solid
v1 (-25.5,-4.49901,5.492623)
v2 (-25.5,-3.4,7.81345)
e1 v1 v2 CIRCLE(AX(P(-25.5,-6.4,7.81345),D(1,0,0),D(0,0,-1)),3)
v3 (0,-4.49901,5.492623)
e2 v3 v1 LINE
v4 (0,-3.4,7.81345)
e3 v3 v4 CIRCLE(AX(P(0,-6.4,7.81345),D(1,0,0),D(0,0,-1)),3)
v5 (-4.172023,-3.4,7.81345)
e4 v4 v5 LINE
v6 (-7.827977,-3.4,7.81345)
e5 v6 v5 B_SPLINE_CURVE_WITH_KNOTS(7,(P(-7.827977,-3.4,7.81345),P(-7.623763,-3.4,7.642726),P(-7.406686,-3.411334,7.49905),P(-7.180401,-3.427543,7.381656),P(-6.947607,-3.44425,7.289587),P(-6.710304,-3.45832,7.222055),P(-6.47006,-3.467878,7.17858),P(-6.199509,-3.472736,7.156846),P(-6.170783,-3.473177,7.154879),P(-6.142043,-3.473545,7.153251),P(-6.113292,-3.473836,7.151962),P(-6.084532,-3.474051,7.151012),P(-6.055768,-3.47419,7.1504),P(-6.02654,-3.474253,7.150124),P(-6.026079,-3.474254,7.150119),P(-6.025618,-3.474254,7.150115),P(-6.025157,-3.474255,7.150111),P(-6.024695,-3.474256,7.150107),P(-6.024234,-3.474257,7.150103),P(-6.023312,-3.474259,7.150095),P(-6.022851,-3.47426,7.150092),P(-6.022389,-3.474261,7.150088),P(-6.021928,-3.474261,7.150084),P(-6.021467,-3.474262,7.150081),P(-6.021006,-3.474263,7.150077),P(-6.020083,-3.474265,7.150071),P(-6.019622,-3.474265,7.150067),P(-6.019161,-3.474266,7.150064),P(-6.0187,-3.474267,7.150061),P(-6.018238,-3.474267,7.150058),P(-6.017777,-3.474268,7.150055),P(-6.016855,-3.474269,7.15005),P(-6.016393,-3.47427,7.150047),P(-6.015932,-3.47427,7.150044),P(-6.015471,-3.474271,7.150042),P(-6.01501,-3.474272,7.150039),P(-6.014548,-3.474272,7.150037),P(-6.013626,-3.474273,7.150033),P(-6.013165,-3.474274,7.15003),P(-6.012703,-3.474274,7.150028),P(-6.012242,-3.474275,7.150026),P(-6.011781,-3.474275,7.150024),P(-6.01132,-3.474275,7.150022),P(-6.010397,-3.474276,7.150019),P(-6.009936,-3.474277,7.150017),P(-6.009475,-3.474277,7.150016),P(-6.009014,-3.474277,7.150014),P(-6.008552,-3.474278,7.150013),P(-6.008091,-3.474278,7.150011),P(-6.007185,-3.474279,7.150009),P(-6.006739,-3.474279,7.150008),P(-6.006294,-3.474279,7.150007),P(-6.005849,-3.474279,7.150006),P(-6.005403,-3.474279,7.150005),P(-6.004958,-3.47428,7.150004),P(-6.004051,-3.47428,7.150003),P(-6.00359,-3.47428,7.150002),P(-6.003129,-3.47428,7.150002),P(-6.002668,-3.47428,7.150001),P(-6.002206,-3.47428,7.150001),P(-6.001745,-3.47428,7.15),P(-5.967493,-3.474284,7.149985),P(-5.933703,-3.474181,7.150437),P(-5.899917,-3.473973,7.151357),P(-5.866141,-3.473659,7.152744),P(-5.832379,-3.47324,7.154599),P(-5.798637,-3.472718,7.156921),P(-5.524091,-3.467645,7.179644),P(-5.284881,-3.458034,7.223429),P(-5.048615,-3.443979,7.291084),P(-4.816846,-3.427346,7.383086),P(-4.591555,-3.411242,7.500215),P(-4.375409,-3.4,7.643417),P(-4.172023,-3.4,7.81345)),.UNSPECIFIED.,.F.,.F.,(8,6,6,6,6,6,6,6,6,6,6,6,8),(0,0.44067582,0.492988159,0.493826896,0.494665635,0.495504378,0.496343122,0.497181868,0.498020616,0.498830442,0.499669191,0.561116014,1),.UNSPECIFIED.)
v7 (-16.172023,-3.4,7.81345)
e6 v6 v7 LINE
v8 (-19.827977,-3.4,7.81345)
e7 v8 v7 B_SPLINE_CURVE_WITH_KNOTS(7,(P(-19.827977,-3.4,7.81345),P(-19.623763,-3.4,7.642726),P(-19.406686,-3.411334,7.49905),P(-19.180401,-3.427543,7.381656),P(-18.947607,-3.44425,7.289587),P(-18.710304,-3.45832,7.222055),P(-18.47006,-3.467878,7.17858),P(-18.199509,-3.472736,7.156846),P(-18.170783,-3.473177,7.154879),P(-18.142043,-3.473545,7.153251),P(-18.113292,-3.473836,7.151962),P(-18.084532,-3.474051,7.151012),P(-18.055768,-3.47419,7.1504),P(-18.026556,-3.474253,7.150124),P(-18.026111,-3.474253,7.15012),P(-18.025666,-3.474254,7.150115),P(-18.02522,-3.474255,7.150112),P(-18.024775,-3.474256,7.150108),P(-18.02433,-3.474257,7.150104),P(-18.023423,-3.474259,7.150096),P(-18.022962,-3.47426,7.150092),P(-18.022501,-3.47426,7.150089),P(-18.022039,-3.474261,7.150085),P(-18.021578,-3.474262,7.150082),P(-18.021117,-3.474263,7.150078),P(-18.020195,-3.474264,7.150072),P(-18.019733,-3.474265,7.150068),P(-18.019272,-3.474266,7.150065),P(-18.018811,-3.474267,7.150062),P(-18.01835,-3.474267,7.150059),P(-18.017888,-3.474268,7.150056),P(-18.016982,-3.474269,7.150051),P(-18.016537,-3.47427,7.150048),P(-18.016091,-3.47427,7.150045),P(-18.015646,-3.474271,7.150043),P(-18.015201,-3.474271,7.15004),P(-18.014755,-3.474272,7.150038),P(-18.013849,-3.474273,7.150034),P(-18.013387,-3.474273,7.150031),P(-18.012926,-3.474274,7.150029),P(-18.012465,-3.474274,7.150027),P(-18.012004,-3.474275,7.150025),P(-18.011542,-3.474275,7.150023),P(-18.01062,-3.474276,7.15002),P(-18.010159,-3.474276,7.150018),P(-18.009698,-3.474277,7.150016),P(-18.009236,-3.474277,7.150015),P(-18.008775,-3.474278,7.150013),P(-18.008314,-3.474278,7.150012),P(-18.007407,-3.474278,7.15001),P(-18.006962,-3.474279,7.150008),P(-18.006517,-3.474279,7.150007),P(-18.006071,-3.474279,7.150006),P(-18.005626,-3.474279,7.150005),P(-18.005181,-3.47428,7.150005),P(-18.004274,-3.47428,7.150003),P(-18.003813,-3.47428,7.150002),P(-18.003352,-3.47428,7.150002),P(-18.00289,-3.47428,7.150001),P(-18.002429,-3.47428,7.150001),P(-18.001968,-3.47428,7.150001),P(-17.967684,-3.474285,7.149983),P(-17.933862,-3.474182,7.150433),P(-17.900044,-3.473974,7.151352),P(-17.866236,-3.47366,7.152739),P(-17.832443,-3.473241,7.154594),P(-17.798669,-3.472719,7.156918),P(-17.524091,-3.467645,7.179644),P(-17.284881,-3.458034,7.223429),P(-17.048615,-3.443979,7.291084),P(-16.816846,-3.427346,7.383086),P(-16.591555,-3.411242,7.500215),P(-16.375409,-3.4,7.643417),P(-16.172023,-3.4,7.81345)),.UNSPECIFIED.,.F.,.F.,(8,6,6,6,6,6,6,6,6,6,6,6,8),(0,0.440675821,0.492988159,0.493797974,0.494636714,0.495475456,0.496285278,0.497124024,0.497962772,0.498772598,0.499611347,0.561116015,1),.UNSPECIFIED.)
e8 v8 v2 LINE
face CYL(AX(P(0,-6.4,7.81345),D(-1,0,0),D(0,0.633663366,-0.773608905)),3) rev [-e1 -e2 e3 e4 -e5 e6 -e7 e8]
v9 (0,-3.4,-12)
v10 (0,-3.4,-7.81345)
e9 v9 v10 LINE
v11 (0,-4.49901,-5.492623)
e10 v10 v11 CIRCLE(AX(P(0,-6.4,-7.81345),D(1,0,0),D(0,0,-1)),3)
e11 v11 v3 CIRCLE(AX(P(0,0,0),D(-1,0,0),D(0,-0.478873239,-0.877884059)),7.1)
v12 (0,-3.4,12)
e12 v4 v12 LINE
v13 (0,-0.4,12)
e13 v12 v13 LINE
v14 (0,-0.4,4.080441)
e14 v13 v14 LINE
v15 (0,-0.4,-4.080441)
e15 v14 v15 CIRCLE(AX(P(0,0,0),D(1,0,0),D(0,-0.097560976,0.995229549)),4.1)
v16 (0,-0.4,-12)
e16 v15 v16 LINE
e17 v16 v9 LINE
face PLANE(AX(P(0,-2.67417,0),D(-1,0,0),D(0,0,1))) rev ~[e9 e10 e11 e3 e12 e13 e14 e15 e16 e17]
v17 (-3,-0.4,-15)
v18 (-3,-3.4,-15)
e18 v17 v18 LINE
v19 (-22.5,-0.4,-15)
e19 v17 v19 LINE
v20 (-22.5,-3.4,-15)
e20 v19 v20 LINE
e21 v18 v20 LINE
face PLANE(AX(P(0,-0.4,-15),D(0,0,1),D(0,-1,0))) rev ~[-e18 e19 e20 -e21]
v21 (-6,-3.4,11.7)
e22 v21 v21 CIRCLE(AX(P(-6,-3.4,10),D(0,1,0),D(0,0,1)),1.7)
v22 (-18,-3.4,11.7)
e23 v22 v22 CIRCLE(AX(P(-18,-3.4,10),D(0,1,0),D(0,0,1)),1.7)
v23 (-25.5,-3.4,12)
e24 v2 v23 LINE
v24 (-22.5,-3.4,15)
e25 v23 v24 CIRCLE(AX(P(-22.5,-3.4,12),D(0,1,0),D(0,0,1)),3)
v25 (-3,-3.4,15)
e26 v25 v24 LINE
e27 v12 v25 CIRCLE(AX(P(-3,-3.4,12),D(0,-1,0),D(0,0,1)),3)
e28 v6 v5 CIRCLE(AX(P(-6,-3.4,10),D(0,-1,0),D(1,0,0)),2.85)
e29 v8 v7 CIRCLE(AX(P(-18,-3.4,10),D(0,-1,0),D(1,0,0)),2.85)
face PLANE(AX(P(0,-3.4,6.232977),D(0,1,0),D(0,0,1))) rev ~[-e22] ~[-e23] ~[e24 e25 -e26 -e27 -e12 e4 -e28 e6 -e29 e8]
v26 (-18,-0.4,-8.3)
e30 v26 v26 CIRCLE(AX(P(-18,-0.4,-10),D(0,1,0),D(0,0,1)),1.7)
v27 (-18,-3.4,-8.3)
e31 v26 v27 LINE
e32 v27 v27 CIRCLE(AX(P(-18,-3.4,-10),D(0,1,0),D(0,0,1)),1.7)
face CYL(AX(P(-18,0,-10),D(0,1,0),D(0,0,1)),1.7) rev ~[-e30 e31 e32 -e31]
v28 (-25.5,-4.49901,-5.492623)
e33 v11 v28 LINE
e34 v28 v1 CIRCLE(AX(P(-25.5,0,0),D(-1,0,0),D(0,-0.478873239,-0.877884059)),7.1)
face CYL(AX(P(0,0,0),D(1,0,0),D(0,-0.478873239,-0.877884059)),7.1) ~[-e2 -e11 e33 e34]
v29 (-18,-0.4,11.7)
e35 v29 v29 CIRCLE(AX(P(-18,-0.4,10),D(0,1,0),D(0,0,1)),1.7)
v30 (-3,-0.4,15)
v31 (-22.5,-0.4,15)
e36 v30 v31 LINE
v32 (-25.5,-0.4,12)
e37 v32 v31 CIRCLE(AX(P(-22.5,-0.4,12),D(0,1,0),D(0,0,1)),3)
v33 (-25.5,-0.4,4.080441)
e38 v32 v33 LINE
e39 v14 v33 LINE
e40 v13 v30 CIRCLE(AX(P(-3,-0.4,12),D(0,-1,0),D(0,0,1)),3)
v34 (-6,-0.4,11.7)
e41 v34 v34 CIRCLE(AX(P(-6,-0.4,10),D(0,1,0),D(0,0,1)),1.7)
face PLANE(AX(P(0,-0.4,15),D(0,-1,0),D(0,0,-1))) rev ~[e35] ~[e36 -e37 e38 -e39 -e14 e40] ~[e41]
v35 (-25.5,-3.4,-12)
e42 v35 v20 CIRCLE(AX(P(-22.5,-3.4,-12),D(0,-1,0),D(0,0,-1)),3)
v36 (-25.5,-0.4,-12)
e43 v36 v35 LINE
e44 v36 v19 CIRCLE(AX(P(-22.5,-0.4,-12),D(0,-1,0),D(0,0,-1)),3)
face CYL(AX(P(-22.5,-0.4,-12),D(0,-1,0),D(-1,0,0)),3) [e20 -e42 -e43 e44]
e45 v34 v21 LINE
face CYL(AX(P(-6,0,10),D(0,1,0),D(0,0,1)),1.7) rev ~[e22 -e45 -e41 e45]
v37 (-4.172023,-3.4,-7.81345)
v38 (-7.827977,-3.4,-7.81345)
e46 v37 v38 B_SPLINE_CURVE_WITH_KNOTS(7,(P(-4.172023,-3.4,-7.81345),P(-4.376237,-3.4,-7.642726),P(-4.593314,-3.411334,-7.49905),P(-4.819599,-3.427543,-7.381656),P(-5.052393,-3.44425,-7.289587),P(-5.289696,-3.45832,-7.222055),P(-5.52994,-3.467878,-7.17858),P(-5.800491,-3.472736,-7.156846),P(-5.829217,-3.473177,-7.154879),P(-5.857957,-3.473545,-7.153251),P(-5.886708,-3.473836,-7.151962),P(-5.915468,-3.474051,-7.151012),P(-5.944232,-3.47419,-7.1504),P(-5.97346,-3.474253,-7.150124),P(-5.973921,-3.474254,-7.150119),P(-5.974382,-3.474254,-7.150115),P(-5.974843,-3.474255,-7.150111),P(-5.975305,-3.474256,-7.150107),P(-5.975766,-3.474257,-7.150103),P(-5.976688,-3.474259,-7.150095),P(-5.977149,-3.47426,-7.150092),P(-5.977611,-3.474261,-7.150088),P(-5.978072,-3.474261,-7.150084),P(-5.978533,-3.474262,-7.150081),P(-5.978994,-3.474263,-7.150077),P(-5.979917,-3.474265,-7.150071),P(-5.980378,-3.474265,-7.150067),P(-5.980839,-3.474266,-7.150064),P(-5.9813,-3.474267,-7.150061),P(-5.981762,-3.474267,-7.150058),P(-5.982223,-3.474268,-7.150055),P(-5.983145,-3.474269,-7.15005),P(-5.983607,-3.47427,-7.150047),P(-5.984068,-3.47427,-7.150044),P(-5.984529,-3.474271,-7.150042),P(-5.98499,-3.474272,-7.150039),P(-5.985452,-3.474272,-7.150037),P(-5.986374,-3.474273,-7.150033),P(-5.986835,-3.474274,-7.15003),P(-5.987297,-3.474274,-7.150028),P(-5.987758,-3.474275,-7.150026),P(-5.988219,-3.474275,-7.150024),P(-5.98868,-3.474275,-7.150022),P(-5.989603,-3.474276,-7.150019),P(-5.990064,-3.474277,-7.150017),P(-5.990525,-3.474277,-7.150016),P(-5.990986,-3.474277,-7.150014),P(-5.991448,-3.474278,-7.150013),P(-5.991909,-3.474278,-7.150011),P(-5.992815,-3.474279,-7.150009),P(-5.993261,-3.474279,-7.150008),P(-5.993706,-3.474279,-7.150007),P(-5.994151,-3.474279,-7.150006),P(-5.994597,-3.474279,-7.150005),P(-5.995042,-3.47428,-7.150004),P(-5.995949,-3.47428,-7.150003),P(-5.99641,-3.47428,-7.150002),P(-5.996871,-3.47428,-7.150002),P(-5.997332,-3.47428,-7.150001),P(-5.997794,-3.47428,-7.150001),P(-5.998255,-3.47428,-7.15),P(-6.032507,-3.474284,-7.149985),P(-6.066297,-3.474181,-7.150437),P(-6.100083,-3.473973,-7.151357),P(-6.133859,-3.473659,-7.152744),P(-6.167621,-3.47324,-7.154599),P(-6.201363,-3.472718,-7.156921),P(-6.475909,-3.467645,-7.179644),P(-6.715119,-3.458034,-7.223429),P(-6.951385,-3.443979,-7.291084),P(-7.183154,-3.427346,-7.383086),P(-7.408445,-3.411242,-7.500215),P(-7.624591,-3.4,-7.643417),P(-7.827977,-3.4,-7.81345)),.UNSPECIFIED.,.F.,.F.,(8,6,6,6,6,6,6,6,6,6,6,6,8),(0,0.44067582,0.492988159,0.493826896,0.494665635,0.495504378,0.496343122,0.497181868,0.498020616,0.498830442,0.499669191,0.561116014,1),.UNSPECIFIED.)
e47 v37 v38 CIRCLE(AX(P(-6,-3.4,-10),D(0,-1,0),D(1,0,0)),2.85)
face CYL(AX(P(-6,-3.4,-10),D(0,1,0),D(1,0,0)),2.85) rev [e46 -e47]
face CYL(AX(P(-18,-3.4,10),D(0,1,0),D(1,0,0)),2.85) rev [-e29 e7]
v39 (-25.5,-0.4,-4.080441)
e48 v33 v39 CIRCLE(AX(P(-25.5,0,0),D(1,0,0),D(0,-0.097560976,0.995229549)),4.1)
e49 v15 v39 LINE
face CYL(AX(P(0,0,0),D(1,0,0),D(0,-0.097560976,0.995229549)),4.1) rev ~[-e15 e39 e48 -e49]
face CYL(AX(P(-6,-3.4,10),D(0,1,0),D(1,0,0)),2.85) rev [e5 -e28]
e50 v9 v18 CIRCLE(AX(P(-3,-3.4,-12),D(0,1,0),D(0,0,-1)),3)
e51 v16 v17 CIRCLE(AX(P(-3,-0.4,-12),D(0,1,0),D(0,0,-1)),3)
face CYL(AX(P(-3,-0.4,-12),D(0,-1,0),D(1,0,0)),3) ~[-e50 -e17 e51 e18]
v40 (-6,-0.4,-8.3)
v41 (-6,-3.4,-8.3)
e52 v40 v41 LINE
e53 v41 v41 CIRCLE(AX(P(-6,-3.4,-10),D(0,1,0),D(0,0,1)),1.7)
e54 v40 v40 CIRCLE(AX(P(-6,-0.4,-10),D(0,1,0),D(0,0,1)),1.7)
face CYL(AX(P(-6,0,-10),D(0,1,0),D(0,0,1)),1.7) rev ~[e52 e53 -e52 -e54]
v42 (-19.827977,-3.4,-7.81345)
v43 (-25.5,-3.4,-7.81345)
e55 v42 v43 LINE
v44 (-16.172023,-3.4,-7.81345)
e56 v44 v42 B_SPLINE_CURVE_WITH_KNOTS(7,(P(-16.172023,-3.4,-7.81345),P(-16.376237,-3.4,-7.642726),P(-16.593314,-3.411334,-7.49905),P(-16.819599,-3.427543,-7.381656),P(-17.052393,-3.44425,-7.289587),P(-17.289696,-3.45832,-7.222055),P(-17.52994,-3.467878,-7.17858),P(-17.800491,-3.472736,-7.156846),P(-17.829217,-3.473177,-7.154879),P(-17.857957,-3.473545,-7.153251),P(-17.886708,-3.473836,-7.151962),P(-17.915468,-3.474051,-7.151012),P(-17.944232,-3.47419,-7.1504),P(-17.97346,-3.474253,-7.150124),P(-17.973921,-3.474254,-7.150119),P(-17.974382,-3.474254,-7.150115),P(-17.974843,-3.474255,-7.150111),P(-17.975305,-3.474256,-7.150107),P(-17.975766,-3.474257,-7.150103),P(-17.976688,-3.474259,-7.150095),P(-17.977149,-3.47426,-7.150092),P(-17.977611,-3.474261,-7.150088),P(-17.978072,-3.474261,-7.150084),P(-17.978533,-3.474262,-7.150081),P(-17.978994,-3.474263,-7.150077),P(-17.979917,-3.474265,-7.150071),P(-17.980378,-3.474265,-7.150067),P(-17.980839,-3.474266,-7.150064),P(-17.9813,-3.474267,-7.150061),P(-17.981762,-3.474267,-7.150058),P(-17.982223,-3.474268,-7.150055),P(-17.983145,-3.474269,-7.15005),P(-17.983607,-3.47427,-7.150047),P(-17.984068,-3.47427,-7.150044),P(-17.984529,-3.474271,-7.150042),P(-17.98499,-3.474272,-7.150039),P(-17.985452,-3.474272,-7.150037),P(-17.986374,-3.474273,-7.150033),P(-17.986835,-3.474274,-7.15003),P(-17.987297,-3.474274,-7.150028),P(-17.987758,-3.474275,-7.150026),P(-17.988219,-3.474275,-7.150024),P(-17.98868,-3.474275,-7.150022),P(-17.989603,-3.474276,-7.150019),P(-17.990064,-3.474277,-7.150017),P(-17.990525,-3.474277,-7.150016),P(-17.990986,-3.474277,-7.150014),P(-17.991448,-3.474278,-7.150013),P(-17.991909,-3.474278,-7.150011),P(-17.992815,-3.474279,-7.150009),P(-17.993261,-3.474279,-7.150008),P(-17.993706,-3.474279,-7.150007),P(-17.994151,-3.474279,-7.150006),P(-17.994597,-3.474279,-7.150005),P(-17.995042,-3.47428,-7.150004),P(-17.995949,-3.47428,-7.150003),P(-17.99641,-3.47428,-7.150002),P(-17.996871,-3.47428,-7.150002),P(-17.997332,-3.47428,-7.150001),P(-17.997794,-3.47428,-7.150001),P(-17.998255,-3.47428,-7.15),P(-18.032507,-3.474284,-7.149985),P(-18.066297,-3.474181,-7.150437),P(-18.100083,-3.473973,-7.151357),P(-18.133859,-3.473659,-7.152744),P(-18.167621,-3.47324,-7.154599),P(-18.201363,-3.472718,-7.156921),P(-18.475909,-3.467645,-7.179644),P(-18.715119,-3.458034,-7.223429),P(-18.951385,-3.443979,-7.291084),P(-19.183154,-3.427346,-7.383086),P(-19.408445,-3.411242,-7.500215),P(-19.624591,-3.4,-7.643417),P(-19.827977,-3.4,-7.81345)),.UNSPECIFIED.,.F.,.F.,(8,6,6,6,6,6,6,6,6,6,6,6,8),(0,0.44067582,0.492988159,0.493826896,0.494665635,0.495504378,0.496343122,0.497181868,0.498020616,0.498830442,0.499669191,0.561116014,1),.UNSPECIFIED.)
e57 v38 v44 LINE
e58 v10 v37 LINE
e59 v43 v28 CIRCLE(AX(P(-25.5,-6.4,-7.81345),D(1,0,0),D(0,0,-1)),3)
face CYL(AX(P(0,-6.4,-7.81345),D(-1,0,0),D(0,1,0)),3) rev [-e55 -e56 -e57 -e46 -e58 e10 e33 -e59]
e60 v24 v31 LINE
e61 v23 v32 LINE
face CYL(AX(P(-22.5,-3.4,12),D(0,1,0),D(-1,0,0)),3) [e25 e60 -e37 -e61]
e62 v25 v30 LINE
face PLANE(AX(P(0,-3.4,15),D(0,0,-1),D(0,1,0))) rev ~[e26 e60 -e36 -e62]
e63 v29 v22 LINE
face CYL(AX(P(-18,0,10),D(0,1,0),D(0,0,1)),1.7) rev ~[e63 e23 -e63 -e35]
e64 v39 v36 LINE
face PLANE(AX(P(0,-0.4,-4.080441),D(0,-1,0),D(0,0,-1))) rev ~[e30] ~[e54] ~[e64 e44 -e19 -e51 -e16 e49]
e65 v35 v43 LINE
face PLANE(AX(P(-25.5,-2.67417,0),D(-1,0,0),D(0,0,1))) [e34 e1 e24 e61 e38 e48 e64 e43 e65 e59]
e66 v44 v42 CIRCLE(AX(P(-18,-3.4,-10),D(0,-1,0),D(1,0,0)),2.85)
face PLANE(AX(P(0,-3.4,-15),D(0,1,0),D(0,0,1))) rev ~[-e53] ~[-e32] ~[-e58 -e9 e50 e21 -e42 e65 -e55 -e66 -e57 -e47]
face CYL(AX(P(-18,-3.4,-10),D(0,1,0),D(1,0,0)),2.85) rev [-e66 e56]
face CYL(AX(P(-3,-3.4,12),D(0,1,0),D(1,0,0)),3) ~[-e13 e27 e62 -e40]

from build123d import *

# Parameters (mm, degrees)
BOSS_EXTRUDE1_DEPTH = 25.5
SKETCH2_R           = 1.7
CUT_EXTRUDE1_DEPTH  = 31.42466105
FILLET1_R           = 3
SKETCH4_R           = 2.85
CUT_EXTRUDE2_DEPTH  = 30.815096847


with BuildPart() as part:
    # Sketch1 → Boss-Extrude1 (new body)
    with BuildSketch(Plane(origin=(0, 0, 0), x_dir=(0, 0, -1), z_dir=(1, 0, 0))):
        with BuildLine():
            Line((4.080441153, -0.4), (15, -0.4))
            Line((15, -0.4), (15, -3.4))
            Line((15, -3.4), (6.232976817, -3.4))
            ThreePointArc((6.232976817, -3.4), (0, -7.1), (-6.232976817, -3.4))
            Line((-6.232976817, -3.4), (-15, -3.4))
            Line((-15, -3.4), (-15, -0.4))
            Line((-15, -0.4), (-4.080441153, -0.4))
            ThreePointArc((-4.080441153, -0.4), (0, -4.1), (4.080441153, -0.4))
        make_face()
    extrude(amount=-BOSS_EXTRUDE1_DEPTH)

    # Sketch2 → Cut-Extrude1 (cut, through all)
    with BuildSketch(Plane(origin=(0, 0, 0), x_dir=(1, 0, 0), z_dir=(0, 1, 0))):
        with Locations(Location((-6, -10, 0), (0, 0, 270))):
            Circle(SKETCH2_R)
        with Locations(Location((-18, -10, 0), (0, 0, 270))):
            Circle(SKETCH2_R)
        with Locations(Location((-6, 10, 0), (0, 0, 270))):
            Circle(SKETCH2_R)
        with Locations(Location((-18, 10, 0), (0, 0, 270))):
            Circle(SKETCH2_R)
    extrude(amount=-CUT_EXTRUDE1_DEPTH, mode=Mode.SUBTRACT)

    # Fillet1
    fillet1_edges = [part.edges().sort_by_distance(p)[0] for p in [
        (0, -1.9, -15),
        (-12.75, -3.4, -6.232976817),
        (-25.5, -1.9, -15),
        (-25.5, -1.9, 15),
        (-12.75, -3.4, 6.232976817),
        (0, -1.9, 15),
    ]]
    fillet(fillet1_edges, radius=FILLET1_R)

    # Sketch4 → Cut-Extrude2 (cut, through all)
    with BuildSketch(Plane.XZ.offset(3.4)):
        with Locations((-18, -10)):
            Circle(SKETCH4_R)
        with Locations((-18, 10)):
            Circle(SKETCH4_R)
        with Locations((-6, 10)):
            Circle(SKETCH4_R)
        with Locations((-6, -10)):
            Circle(SKETCH4_R)
    extrude(amount=CUT_EXTRUDE2_DEPTH, mode=Mode.SUBTRACT)


solid = part.part
